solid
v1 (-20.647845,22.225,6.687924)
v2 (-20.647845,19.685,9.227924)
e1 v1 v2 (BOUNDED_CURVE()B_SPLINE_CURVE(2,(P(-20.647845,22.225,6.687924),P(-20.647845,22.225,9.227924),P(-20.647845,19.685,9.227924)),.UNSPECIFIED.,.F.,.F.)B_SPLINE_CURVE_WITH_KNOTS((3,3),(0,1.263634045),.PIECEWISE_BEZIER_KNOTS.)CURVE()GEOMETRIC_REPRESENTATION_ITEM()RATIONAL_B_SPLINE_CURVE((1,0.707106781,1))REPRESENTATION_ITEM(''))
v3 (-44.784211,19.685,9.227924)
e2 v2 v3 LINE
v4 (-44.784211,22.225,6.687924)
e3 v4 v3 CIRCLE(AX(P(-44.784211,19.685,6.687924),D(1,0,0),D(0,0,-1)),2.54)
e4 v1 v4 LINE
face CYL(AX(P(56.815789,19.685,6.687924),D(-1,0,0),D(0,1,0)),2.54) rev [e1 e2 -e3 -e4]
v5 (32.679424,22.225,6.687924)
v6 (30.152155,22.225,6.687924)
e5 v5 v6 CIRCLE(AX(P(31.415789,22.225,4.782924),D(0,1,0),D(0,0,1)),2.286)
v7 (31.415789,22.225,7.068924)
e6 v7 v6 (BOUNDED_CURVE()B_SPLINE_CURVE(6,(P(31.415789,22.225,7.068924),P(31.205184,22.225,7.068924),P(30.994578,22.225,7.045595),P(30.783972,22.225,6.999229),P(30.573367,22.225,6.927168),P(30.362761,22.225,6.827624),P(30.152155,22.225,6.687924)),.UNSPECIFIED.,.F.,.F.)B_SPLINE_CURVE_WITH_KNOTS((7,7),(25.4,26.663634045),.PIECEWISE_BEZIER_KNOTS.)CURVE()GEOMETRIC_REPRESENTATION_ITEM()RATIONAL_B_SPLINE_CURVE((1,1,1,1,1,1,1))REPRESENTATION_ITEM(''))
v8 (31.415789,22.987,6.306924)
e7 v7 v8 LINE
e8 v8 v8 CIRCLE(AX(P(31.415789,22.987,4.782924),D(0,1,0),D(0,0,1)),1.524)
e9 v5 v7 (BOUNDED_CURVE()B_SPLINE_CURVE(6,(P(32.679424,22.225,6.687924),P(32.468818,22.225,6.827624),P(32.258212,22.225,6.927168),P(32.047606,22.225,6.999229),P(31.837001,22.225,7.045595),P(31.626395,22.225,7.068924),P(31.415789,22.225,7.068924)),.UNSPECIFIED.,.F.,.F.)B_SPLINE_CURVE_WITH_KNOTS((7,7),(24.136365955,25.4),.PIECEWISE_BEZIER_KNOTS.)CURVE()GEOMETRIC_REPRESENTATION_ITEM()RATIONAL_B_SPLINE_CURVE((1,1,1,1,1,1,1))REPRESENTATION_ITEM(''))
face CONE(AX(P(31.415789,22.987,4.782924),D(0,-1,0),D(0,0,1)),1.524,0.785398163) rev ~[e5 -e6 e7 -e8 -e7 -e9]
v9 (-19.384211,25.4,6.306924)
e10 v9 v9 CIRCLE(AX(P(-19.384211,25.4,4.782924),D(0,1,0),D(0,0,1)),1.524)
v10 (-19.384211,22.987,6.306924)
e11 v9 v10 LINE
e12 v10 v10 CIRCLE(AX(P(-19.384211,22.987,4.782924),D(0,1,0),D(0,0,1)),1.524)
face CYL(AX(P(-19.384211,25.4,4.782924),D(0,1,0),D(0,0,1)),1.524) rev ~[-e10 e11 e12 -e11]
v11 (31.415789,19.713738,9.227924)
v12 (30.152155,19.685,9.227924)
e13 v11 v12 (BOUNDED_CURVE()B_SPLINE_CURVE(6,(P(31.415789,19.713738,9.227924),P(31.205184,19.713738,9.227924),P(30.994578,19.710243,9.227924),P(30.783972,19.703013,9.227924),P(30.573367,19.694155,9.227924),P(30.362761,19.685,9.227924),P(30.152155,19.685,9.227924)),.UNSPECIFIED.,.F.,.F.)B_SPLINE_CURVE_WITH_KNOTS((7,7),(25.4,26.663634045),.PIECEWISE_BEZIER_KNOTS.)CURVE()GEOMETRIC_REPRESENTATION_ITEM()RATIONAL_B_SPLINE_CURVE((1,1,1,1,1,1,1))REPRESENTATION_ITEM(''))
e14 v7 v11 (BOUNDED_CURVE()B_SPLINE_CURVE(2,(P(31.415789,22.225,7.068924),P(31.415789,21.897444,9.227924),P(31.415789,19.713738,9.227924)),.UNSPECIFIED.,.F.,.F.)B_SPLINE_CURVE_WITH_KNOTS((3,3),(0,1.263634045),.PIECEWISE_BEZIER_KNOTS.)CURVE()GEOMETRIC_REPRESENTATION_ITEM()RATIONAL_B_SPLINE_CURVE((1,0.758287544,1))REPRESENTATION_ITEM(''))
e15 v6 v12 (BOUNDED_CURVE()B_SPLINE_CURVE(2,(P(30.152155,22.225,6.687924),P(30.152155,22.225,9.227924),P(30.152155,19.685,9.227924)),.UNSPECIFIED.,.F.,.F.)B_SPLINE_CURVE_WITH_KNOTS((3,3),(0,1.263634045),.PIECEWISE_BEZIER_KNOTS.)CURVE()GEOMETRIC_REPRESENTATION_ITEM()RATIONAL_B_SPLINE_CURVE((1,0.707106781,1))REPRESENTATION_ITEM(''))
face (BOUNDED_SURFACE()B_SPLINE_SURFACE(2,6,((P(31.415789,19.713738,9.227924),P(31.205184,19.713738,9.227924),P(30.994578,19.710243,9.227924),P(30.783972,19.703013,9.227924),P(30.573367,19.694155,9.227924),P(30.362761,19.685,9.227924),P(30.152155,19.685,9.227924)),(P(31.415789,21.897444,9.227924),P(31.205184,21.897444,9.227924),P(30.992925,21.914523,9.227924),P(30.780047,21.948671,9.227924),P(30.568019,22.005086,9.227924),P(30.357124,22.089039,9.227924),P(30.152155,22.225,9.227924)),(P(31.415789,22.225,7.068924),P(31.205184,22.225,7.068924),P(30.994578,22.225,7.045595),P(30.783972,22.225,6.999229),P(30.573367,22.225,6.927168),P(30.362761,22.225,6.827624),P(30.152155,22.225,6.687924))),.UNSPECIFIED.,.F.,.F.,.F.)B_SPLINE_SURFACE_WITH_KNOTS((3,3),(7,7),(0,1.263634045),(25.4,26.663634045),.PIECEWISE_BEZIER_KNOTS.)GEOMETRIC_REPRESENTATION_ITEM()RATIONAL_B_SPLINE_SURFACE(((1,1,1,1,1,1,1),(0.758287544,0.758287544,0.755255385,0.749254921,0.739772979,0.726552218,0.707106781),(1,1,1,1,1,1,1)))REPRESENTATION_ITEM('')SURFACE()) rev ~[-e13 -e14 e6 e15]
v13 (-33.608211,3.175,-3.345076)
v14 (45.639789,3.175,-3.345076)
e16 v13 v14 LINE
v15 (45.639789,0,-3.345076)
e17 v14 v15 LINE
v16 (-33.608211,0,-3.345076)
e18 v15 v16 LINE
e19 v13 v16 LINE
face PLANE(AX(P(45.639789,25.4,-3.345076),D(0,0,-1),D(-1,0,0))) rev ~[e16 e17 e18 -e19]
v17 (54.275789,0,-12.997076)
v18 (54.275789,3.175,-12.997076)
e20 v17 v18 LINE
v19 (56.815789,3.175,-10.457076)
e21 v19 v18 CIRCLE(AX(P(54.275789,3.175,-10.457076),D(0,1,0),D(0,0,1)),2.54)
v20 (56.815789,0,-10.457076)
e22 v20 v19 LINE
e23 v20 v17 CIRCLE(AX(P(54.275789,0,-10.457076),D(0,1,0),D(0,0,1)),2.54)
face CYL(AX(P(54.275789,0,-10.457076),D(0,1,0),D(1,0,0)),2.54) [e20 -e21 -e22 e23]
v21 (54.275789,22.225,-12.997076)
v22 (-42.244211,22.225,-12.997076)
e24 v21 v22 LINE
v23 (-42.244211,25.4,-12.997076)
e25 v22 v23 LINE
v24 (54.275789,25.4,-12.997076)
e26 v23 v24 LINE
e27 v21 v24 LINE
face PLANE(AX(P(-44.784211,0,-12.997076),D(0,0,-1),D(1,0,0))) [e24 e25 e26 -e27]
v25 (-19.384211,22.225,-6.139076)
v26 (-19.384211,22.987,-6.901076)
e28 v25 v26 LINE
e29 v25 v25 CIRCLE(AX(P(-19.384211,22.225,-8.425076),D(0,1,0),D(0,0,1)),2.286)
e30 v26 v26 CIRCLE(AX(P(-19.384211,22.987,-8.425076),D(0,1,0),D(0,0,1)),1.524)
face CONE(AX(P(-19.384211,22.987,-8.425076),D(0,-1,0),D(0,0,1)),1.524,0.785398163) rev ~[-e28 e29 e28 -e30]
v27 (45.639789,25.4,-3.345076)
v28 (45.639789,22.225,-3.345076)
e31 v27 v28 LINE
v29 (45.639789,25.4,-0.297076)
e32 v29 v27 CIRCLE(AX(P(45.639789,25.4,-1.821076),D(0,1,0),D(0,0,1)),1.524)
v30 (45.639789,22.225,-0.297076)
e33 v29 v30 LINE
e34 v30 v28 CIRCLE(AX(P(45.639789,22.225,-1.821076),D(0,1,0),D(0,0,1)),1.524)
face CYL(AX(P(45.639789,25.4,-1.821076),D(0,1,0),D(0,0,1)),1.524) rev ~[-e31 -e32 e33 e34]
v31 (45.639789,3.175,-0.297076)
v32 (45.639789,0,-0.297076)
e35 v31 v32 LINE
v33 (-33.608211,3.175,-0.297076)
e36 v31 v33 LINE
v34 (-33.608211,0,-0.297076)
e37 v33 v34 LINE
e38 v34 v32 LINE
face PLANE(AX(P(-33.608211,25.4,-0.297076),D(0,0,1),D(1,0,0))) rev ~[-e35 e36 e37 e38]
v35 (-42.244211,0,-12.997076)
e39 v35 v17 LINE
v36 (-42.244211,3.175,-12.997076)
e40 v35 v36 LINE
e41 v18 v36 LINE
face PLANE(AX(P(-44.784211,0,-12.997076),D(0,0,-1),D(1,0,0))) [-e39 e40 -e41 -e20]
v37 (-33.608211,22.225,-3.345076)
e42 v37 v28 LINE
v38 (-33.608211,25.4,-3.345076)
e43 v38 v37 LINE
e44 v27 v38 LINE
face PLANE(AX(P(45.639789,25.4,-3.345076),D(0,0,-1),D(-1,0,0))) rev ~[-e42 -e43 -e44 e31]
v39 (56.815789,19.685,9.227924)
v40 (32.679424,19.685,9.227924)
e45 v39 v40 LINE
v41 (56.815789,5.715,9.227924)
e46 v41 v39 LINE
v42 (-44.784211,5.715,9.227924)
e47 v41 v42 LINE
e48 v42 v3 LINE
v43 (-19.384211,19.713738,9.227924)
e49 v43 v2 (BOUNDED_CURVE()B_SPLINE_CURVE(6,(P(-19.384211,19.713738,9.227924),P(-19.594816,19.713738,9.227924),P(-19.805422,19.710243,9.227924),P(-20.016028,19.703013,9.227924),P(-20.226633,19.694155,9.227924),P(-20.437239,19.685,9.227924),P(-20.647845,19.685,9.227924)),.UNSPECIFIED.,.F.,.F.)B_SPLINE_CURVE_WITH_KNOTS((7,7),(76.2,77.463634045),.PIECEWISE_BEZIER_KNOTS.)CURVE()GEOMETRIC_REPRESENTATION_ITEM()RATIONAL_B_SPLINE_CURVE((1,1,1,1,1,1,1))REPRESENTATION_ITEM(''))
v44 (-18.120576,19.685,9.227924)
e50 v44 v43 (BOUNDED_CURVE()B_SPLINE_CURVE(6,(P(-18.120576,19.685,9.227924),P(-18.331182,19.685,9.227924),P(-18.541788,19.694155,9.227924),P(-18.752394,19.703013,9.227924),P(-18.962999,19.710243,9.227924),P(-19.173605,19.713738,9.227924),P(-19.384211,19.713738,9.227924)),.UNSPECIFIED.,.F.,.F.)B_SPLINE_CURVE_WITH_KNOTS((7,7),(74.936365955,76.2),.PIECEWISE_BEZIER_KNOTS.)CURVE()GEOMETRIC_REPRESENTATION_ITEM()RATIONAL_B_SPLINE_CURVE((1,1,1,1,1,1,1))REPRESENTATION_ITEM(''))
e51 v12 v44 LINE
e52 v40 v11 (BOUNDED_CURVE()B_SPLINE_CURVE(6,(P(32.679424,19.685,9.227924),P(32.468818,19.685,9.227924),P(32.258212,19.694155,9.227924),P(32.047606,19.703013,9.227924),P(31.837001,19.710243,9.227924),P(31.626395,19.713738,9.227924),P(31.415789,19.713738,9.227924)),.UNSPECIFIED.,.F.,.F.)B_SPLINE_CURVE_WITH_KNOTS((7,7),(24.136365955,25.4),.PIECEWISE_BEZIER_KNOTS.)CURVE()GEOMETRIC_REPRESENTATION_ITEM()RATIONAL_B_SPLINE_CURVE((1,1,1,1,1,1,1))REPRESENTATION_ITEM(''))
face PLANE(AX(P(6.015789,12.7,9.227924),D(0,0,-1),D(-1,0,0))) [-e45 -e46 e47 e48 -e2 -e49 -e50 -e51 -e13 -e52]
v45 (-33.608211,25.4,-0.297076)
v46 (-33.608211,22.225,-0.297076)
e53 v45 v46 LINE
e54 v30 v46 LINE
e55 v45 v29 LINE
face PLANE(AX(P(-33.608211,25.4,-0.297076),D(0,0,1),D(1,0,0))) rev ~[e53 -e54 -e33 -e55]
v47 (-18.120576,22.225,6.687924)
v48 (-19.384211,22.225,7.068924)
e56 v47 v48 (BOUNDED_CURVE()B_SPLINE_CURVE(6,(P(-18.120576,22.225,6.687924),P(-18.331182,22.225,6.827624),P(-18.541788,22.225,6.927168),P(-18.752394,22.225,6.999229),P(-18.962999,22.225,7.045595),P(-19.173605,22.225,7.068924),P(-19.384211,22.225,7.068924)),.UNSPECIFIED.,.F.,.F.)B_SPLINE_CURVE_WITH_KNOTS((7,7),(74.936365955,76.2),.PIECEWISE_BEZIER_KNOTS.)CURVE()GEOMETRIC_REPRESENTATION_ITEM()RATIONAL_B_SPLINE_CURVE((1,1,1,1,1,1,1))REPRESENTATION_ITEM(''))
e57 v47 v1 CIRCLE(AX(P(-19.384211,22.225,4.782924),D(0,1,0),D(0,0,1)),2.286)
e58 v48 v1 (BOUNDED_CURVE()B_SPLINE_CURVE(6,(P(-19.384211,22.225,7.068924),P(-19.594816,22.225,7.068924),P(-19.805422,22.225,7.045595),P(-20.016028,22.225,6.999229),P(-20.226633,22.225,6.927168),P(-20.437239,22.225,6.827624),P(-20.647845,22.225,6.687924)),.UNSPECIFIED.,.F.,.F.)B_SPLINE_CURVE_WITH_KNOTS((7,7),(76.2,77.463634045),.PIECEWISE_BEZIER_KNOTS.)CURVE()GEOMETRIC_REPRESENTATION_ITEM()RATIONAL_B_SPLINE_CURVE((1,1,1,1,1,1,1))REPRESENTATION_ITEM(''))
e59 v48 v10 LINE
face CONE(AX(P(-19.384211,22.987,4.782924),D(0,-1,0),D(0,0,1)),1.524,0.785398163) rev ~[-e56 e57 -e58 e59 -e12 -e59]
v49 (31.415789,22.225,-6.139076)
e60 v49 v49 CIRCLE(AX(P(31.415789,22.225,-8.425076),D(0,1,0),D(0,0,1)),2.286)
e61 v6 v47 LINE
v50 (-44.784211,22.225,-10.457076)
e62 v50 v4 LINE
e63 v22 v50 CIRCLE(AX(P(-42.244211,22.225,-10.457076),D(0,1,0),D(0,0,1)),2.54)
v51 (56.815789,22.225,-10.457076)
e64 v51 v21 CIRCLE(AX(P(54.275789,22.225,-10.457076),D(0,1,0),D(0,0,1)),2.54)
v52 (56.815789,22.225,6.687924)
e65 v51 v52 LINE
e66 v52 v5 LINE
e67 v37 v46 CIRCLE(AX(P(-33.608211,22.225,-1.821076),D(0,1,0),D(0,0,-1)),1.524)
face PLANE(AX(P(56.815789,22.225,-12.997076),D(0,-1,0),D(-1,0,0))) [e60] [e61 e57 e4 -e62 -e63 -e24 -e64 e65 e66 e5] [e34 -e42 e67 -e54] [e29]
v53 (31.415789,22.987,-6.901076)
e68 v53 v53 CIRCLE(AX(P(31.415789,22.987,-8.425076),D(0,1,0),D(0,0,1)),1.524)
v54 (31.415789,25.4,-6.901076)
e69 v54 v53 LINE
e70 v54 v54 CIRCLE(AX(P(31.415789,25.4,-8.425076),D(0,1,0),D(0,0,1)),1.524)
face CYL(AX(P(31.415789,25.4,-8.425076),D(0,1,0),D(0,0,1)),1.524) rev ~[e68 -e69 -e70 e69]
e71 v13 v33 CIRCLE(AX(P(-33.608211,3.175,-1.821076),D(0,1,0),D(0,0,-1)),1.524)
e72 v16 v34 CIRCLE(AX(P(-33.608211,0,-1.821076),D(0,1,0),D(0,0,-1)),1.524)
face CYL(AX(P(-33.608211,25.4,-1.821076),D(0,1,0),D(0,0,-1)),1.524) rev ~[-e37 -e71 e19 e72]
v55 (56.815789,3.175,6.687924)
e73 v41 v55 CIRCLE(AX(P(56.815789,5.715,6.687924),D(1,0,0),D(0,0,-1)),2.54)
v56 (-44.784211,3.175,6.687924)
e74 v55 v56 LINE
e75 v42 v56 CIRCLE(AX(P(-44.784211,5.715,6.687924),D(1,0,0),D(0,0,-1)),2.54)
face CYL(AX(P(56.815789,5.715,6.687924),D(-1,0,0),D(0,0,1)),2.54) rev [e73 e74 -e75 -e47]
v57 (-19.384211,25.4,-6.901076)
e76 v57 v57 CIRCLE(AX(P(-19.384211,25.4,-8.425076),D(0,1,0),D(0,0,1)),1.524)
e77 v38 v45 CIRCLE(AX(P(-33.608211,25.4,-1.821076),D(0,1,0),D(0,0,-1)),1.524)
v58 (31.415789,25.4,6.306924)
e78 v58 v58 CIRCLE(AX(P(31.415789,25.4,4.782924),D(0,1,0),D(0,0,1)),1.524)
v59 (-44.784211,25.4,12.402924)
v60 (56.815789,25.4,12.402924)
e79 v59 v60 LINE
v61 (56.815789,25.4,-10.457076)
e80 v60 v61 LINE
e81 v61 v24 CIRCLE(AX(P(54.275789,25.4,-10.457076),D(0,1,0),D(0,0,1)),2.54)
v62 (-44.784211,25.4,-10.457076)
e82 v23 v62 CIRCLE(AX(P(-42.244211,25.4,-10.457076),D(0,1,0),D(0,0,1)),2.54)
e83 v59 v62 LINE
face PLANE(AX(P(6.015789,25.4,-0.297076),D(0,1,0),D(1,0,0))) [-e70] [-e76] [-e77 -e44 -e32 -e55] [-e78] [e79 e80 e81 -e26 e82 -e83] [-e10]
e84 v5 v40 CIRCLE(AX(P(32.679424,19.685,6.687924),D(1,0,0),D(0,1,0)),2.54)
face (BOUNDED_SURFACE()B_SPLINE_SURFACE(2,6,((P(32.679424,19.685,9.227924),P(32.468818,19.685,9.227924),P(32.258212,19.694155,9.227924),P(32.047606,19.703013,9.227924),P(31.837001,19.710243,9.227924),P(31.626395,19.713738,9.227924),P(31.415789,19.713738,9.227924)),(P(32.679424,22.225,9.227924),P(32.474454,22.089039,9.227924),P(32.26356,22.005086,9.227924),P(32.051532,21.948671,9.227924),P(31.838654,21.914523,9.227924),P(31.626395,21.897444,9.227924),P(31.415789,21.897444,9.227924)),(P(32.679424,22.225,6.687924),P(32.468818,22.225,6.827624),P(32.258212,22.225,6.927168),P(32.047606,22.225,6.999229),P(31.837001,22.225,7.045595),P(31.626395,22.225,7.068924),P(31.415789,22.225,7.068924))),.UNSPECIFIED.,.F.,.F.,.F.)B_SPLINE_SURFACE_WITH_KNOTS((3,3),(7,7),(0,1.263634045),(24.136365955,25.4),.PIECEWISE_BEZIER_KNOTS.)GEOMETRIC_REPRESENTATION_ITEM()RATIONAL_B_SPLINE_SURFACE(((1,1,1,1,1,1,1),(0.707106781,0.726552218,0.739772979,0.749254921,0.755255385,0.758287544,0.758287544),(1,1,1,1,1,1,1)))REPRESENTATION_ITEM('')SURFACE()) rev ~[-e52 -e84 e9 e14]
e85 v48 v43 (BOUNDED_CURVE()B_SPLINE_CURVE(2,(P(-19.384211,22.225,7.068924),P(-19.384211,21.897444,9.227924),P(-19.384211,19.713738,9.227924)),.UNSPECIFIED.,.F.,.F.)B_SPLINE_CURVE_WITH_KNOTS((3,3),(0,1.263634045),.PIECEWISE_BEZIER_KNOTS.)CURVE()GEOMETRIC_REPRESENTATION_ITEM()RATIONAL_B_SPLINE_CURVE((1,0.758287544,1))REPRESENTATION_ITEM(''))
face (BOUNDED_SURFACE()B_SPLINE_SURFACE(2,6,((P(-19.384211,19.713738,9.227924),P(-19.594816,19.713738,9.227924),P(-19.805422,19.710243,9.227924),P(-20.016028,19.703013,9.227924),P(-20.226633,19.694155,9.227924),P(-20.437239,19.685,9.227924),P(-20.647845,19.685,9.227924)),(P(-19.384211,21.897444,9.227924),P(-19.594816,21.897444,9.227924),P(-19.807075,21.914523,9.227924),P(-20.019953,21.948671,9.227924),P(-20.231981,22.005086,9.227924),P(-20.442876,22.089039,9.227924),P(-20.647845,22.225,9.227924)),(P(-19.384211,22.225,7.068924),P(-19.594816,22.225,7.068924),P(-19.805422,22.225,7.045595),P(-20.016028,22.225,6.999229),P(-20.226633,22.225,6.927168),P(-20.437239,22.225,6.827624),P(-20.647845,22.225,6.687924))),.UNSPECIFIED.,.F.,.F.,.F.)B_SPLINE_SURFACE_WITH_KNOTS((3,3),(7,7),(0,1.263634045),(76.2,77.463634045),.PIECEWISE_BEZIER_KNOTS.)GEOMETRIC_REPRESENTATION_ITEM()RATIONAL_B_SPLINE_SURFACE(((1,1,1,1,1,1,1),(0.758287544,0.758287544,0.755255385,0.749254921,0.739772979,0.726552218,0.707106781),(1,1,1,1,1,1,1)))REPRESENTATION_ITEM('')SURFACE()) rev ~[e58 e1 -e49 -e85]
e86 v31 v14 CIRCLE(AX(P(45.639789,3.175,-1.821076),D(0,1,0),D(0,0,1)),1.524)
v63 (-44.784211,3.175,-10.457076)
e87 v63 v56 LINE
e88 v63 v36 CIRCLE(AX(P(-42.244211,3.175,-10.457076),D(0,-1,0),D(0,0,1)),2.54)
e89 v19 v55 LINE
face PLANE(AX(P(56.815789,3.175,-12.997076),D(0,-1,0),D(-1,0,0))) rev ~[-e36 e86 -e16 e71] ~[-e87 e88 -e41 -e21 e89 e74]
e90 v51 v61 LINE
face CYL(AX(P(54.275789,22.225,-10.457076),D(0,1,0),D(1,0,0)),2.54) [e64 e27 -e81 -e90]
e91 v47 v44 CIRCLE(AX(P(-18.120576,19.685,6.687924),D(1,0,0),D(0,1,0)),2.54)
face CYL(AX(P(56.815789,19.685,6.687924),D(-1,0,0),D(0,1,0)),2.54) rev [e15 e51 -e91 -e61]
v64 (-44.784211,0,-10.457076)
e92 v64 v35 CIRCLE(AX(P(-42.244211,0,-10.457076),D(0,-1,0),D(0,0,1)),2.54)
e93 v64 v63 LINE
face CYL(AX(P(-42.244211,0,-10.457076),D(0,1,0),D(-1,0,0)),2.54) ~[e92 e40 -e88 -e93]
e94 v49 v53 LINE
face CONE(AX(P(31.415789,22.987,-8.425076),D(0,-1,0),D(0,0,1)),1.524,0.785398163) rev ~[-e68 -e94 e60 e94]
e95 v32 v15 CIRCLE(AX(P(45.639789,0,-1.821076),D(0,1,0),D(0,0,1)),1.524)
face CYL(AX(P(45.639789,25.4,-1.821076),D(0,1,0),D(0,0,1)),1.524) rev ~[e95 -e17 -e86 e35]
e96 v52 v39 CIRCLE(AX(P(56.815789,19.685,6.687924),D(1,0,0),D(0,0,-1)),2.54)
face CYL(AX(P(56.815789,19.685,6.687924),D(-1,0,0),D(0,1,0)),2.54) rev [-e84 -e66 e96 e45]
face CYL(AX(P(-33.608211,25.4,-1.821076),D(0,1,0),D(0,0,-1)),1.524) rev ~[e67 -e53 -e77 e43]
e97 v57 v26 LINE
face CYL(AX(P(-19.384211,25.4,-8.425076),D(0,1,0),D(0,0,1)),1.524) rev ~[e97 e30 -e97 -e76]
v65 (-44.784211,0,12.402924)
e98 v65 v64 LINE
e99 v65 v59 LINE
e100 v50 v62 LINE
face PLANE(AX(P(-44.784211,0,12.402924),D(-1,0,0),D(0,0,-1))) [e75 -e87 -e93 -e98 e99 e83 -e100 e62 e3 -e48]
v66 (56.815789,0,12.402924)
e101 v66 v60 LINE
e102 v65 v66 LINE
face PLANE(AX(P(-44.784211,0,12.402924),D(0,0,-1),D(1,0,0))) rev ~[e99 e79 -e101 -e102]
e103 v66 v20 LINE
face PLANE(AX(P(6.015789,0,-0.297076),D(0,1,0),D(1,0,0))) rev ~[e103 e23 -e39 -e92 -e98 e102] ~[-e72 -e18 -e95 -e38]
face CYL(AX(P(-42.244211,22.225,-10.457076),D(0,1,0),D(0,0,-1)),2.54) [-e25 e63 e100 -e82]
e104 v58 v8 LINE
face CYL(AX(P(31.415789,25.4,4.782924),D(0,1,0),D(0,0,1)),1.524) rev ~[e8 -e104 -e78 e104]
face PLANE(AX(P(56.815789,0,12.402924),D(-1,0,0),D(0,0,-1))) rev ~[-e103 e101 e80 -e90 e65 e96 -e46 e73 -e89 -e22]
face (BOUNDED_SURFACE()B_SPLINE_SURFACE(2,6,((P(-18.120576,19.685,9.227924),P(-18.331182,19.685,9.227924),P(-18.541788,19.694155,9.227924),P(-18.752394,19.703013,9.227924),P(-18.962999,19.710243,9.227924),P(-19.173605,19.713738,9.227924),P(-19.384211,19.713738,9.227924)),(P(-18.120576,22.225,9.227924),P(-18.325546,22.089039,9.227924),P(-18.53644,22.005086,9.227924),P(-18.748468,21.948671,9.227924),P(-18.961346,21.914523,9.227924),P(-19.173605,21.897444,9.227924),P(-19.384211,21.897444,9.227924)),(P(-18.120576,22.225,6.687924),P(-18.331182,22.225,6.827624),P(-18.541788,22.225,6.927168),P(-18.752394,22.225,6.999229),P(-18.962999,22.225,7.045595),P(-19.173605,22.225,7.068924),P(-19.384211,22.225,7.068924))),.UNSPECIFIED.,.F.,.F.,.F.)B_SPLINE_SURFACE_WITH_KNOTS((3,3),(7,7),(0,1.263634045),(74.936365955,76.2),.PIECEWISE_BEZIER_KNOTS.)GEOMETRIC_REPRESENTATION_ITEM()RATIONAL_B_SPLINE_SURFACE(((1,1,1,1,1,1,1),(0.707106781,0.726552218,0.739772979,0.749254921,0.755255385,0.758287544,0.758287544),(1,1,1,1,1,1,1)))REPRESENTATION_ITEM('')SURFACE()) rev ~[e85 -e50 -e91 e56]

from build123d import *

# Parameters (mm, degrees)
SKETCH1_W           = 101.6
SKETCH1_H           = 25.4
BOSS_EXTRUDE1_DEPTH = 25.4
SKETCH2_W           = 101.6
SKETCH2_H           = 19.05
CUT_EXTRUDE1_DEPTH  = 22.225
CUT_EXTRUDE2_DEPTH  = 25.4
SKETCH5_R           = 1.524
CUT_EXTRUDE4_DEPTH  = 3.175
CHAMFER1_SIZE       = 0.762
FILLET1_R           = 2.54
FILLET2_R           = 2.54


with BuildPart() as part:
    # Sketch1 → Boss-Extrude1 (new body)
    with BuildSketch(Plane(origin=(0, 0, 0), x_dir=(1, 0, 0), z_dir=(0, 1, 0))):
        with Locations((6.015789474, 0.297076023)):
            Rectangle(SKETCH1_W, SKETCH1_H)
    extrude(amount=BOSS_EXTRUDE1_DEPTH)

    # Sketch2 → Cut-Extrude1 (cut)
    with BuildSketch(Plane(origin=(0, 0, -12.997076023), x_dir=(-1, 0, 0), z_dir=(0, 0, -1))):
        with Locations((-6.015789474, 12.7)):
            Rectangle(SKETCH2_W, SKETCH2_H)
    extrude(amount=-CUT_EXTRUDE1_DEPTH, mode=Mode.SUBTRACT)

    # Sketch4 → Cut-Extrude2 (cut)
    with BuildSketch(Plane(origin=(0, 25.4, 0), x_dir=(1, 0, 0), z_dir=(0, 1, 0))):
        with BuildLine():
            Line((-33.608210526, 0.297076023), (45.639789474, 0.297076023))
            ThreePointArc((45.639789474, 0.297076023), (47.163789474, 1.821076023), (45.639789474, 3.345076023))
            Line((45.639789474, 3.345076023), (-33.608210526, 3.345076023))
            ThreePointArc((-33.608210526, 3.345076023), (-35.132210526, 1.821076023), (-33.608210526, 0.297076023))
        make_face()
    extrude(amount=-CUT_EXTRUDE2_DEPTH, mode=Mode.SUBTRACT)

    # Sketch5 → Cut-Extrude4 (cut)
    with BuildSketch(Plane(origin=(0, 25.4, 0), x_dir=(1, 0, 0), z_dir=(0, 1, 0))):
        with Locations(Location((-19.384210526, 8.425076023, 0), (0, 0, 270))):
            Circle(SKETCH5_R)
        with Locations(Location((-19.384210526, -4.782923977, 0), (0, 0, 270))):
            Circle(SKETCH5_R)
        with Locations(Location((31.415789474, 8.425076023, 0), (0, 0, 270))):
            Circle(SKETCH5_R)
        with Locations(Location((31.415789474, -4.782923977, 0), (0, 0, 270))):
            Circle(SKETCH5_R)
    extrude(amount=-CUT_EXTRUDE4_DEPTH, mode=Mode.SUBTRACT)

    # Chamfer1
    chamfer1_edges = [part.edges().sort_by_distance(p)[0] for p in [
        (-19.384210526, 22.225, -9.949076023),
        (-19.384210526, 22.225, 3.258923977),
        (31.415789474, 22.225, -9.949076023),
        (31.415789474, 22.225, 3.258923977),
    ]]
    chamfer(chamfer1_edges, length=CHAMFER1_SIZE)

    # Fillet1
    fillet1_edges = [part.edges().sort_by_distance(p)[0] for p in [
        (6.015789474, 22.225, 9.227923977),
        (6.015789474, 3.175, 9.227923977),
    ]]
    fillet(fillet1_edges, radius=FILLET1_R)

    # Fillet2
    fillet2_edges = [part.edges().sort_by_distance(p)[0] for p in [
        (-44.784210526, 1.5875, -12.997076023),
        (56.815789474, 1.5875, -12.997076023),
        (-44.784210526, 23.8125, -12.997076023),
        (56.815789474, 23.8125, -12.997076023),
    ]]
    fillet(fillet2_edges, radius=FILLET2_R)


solid = part.part
